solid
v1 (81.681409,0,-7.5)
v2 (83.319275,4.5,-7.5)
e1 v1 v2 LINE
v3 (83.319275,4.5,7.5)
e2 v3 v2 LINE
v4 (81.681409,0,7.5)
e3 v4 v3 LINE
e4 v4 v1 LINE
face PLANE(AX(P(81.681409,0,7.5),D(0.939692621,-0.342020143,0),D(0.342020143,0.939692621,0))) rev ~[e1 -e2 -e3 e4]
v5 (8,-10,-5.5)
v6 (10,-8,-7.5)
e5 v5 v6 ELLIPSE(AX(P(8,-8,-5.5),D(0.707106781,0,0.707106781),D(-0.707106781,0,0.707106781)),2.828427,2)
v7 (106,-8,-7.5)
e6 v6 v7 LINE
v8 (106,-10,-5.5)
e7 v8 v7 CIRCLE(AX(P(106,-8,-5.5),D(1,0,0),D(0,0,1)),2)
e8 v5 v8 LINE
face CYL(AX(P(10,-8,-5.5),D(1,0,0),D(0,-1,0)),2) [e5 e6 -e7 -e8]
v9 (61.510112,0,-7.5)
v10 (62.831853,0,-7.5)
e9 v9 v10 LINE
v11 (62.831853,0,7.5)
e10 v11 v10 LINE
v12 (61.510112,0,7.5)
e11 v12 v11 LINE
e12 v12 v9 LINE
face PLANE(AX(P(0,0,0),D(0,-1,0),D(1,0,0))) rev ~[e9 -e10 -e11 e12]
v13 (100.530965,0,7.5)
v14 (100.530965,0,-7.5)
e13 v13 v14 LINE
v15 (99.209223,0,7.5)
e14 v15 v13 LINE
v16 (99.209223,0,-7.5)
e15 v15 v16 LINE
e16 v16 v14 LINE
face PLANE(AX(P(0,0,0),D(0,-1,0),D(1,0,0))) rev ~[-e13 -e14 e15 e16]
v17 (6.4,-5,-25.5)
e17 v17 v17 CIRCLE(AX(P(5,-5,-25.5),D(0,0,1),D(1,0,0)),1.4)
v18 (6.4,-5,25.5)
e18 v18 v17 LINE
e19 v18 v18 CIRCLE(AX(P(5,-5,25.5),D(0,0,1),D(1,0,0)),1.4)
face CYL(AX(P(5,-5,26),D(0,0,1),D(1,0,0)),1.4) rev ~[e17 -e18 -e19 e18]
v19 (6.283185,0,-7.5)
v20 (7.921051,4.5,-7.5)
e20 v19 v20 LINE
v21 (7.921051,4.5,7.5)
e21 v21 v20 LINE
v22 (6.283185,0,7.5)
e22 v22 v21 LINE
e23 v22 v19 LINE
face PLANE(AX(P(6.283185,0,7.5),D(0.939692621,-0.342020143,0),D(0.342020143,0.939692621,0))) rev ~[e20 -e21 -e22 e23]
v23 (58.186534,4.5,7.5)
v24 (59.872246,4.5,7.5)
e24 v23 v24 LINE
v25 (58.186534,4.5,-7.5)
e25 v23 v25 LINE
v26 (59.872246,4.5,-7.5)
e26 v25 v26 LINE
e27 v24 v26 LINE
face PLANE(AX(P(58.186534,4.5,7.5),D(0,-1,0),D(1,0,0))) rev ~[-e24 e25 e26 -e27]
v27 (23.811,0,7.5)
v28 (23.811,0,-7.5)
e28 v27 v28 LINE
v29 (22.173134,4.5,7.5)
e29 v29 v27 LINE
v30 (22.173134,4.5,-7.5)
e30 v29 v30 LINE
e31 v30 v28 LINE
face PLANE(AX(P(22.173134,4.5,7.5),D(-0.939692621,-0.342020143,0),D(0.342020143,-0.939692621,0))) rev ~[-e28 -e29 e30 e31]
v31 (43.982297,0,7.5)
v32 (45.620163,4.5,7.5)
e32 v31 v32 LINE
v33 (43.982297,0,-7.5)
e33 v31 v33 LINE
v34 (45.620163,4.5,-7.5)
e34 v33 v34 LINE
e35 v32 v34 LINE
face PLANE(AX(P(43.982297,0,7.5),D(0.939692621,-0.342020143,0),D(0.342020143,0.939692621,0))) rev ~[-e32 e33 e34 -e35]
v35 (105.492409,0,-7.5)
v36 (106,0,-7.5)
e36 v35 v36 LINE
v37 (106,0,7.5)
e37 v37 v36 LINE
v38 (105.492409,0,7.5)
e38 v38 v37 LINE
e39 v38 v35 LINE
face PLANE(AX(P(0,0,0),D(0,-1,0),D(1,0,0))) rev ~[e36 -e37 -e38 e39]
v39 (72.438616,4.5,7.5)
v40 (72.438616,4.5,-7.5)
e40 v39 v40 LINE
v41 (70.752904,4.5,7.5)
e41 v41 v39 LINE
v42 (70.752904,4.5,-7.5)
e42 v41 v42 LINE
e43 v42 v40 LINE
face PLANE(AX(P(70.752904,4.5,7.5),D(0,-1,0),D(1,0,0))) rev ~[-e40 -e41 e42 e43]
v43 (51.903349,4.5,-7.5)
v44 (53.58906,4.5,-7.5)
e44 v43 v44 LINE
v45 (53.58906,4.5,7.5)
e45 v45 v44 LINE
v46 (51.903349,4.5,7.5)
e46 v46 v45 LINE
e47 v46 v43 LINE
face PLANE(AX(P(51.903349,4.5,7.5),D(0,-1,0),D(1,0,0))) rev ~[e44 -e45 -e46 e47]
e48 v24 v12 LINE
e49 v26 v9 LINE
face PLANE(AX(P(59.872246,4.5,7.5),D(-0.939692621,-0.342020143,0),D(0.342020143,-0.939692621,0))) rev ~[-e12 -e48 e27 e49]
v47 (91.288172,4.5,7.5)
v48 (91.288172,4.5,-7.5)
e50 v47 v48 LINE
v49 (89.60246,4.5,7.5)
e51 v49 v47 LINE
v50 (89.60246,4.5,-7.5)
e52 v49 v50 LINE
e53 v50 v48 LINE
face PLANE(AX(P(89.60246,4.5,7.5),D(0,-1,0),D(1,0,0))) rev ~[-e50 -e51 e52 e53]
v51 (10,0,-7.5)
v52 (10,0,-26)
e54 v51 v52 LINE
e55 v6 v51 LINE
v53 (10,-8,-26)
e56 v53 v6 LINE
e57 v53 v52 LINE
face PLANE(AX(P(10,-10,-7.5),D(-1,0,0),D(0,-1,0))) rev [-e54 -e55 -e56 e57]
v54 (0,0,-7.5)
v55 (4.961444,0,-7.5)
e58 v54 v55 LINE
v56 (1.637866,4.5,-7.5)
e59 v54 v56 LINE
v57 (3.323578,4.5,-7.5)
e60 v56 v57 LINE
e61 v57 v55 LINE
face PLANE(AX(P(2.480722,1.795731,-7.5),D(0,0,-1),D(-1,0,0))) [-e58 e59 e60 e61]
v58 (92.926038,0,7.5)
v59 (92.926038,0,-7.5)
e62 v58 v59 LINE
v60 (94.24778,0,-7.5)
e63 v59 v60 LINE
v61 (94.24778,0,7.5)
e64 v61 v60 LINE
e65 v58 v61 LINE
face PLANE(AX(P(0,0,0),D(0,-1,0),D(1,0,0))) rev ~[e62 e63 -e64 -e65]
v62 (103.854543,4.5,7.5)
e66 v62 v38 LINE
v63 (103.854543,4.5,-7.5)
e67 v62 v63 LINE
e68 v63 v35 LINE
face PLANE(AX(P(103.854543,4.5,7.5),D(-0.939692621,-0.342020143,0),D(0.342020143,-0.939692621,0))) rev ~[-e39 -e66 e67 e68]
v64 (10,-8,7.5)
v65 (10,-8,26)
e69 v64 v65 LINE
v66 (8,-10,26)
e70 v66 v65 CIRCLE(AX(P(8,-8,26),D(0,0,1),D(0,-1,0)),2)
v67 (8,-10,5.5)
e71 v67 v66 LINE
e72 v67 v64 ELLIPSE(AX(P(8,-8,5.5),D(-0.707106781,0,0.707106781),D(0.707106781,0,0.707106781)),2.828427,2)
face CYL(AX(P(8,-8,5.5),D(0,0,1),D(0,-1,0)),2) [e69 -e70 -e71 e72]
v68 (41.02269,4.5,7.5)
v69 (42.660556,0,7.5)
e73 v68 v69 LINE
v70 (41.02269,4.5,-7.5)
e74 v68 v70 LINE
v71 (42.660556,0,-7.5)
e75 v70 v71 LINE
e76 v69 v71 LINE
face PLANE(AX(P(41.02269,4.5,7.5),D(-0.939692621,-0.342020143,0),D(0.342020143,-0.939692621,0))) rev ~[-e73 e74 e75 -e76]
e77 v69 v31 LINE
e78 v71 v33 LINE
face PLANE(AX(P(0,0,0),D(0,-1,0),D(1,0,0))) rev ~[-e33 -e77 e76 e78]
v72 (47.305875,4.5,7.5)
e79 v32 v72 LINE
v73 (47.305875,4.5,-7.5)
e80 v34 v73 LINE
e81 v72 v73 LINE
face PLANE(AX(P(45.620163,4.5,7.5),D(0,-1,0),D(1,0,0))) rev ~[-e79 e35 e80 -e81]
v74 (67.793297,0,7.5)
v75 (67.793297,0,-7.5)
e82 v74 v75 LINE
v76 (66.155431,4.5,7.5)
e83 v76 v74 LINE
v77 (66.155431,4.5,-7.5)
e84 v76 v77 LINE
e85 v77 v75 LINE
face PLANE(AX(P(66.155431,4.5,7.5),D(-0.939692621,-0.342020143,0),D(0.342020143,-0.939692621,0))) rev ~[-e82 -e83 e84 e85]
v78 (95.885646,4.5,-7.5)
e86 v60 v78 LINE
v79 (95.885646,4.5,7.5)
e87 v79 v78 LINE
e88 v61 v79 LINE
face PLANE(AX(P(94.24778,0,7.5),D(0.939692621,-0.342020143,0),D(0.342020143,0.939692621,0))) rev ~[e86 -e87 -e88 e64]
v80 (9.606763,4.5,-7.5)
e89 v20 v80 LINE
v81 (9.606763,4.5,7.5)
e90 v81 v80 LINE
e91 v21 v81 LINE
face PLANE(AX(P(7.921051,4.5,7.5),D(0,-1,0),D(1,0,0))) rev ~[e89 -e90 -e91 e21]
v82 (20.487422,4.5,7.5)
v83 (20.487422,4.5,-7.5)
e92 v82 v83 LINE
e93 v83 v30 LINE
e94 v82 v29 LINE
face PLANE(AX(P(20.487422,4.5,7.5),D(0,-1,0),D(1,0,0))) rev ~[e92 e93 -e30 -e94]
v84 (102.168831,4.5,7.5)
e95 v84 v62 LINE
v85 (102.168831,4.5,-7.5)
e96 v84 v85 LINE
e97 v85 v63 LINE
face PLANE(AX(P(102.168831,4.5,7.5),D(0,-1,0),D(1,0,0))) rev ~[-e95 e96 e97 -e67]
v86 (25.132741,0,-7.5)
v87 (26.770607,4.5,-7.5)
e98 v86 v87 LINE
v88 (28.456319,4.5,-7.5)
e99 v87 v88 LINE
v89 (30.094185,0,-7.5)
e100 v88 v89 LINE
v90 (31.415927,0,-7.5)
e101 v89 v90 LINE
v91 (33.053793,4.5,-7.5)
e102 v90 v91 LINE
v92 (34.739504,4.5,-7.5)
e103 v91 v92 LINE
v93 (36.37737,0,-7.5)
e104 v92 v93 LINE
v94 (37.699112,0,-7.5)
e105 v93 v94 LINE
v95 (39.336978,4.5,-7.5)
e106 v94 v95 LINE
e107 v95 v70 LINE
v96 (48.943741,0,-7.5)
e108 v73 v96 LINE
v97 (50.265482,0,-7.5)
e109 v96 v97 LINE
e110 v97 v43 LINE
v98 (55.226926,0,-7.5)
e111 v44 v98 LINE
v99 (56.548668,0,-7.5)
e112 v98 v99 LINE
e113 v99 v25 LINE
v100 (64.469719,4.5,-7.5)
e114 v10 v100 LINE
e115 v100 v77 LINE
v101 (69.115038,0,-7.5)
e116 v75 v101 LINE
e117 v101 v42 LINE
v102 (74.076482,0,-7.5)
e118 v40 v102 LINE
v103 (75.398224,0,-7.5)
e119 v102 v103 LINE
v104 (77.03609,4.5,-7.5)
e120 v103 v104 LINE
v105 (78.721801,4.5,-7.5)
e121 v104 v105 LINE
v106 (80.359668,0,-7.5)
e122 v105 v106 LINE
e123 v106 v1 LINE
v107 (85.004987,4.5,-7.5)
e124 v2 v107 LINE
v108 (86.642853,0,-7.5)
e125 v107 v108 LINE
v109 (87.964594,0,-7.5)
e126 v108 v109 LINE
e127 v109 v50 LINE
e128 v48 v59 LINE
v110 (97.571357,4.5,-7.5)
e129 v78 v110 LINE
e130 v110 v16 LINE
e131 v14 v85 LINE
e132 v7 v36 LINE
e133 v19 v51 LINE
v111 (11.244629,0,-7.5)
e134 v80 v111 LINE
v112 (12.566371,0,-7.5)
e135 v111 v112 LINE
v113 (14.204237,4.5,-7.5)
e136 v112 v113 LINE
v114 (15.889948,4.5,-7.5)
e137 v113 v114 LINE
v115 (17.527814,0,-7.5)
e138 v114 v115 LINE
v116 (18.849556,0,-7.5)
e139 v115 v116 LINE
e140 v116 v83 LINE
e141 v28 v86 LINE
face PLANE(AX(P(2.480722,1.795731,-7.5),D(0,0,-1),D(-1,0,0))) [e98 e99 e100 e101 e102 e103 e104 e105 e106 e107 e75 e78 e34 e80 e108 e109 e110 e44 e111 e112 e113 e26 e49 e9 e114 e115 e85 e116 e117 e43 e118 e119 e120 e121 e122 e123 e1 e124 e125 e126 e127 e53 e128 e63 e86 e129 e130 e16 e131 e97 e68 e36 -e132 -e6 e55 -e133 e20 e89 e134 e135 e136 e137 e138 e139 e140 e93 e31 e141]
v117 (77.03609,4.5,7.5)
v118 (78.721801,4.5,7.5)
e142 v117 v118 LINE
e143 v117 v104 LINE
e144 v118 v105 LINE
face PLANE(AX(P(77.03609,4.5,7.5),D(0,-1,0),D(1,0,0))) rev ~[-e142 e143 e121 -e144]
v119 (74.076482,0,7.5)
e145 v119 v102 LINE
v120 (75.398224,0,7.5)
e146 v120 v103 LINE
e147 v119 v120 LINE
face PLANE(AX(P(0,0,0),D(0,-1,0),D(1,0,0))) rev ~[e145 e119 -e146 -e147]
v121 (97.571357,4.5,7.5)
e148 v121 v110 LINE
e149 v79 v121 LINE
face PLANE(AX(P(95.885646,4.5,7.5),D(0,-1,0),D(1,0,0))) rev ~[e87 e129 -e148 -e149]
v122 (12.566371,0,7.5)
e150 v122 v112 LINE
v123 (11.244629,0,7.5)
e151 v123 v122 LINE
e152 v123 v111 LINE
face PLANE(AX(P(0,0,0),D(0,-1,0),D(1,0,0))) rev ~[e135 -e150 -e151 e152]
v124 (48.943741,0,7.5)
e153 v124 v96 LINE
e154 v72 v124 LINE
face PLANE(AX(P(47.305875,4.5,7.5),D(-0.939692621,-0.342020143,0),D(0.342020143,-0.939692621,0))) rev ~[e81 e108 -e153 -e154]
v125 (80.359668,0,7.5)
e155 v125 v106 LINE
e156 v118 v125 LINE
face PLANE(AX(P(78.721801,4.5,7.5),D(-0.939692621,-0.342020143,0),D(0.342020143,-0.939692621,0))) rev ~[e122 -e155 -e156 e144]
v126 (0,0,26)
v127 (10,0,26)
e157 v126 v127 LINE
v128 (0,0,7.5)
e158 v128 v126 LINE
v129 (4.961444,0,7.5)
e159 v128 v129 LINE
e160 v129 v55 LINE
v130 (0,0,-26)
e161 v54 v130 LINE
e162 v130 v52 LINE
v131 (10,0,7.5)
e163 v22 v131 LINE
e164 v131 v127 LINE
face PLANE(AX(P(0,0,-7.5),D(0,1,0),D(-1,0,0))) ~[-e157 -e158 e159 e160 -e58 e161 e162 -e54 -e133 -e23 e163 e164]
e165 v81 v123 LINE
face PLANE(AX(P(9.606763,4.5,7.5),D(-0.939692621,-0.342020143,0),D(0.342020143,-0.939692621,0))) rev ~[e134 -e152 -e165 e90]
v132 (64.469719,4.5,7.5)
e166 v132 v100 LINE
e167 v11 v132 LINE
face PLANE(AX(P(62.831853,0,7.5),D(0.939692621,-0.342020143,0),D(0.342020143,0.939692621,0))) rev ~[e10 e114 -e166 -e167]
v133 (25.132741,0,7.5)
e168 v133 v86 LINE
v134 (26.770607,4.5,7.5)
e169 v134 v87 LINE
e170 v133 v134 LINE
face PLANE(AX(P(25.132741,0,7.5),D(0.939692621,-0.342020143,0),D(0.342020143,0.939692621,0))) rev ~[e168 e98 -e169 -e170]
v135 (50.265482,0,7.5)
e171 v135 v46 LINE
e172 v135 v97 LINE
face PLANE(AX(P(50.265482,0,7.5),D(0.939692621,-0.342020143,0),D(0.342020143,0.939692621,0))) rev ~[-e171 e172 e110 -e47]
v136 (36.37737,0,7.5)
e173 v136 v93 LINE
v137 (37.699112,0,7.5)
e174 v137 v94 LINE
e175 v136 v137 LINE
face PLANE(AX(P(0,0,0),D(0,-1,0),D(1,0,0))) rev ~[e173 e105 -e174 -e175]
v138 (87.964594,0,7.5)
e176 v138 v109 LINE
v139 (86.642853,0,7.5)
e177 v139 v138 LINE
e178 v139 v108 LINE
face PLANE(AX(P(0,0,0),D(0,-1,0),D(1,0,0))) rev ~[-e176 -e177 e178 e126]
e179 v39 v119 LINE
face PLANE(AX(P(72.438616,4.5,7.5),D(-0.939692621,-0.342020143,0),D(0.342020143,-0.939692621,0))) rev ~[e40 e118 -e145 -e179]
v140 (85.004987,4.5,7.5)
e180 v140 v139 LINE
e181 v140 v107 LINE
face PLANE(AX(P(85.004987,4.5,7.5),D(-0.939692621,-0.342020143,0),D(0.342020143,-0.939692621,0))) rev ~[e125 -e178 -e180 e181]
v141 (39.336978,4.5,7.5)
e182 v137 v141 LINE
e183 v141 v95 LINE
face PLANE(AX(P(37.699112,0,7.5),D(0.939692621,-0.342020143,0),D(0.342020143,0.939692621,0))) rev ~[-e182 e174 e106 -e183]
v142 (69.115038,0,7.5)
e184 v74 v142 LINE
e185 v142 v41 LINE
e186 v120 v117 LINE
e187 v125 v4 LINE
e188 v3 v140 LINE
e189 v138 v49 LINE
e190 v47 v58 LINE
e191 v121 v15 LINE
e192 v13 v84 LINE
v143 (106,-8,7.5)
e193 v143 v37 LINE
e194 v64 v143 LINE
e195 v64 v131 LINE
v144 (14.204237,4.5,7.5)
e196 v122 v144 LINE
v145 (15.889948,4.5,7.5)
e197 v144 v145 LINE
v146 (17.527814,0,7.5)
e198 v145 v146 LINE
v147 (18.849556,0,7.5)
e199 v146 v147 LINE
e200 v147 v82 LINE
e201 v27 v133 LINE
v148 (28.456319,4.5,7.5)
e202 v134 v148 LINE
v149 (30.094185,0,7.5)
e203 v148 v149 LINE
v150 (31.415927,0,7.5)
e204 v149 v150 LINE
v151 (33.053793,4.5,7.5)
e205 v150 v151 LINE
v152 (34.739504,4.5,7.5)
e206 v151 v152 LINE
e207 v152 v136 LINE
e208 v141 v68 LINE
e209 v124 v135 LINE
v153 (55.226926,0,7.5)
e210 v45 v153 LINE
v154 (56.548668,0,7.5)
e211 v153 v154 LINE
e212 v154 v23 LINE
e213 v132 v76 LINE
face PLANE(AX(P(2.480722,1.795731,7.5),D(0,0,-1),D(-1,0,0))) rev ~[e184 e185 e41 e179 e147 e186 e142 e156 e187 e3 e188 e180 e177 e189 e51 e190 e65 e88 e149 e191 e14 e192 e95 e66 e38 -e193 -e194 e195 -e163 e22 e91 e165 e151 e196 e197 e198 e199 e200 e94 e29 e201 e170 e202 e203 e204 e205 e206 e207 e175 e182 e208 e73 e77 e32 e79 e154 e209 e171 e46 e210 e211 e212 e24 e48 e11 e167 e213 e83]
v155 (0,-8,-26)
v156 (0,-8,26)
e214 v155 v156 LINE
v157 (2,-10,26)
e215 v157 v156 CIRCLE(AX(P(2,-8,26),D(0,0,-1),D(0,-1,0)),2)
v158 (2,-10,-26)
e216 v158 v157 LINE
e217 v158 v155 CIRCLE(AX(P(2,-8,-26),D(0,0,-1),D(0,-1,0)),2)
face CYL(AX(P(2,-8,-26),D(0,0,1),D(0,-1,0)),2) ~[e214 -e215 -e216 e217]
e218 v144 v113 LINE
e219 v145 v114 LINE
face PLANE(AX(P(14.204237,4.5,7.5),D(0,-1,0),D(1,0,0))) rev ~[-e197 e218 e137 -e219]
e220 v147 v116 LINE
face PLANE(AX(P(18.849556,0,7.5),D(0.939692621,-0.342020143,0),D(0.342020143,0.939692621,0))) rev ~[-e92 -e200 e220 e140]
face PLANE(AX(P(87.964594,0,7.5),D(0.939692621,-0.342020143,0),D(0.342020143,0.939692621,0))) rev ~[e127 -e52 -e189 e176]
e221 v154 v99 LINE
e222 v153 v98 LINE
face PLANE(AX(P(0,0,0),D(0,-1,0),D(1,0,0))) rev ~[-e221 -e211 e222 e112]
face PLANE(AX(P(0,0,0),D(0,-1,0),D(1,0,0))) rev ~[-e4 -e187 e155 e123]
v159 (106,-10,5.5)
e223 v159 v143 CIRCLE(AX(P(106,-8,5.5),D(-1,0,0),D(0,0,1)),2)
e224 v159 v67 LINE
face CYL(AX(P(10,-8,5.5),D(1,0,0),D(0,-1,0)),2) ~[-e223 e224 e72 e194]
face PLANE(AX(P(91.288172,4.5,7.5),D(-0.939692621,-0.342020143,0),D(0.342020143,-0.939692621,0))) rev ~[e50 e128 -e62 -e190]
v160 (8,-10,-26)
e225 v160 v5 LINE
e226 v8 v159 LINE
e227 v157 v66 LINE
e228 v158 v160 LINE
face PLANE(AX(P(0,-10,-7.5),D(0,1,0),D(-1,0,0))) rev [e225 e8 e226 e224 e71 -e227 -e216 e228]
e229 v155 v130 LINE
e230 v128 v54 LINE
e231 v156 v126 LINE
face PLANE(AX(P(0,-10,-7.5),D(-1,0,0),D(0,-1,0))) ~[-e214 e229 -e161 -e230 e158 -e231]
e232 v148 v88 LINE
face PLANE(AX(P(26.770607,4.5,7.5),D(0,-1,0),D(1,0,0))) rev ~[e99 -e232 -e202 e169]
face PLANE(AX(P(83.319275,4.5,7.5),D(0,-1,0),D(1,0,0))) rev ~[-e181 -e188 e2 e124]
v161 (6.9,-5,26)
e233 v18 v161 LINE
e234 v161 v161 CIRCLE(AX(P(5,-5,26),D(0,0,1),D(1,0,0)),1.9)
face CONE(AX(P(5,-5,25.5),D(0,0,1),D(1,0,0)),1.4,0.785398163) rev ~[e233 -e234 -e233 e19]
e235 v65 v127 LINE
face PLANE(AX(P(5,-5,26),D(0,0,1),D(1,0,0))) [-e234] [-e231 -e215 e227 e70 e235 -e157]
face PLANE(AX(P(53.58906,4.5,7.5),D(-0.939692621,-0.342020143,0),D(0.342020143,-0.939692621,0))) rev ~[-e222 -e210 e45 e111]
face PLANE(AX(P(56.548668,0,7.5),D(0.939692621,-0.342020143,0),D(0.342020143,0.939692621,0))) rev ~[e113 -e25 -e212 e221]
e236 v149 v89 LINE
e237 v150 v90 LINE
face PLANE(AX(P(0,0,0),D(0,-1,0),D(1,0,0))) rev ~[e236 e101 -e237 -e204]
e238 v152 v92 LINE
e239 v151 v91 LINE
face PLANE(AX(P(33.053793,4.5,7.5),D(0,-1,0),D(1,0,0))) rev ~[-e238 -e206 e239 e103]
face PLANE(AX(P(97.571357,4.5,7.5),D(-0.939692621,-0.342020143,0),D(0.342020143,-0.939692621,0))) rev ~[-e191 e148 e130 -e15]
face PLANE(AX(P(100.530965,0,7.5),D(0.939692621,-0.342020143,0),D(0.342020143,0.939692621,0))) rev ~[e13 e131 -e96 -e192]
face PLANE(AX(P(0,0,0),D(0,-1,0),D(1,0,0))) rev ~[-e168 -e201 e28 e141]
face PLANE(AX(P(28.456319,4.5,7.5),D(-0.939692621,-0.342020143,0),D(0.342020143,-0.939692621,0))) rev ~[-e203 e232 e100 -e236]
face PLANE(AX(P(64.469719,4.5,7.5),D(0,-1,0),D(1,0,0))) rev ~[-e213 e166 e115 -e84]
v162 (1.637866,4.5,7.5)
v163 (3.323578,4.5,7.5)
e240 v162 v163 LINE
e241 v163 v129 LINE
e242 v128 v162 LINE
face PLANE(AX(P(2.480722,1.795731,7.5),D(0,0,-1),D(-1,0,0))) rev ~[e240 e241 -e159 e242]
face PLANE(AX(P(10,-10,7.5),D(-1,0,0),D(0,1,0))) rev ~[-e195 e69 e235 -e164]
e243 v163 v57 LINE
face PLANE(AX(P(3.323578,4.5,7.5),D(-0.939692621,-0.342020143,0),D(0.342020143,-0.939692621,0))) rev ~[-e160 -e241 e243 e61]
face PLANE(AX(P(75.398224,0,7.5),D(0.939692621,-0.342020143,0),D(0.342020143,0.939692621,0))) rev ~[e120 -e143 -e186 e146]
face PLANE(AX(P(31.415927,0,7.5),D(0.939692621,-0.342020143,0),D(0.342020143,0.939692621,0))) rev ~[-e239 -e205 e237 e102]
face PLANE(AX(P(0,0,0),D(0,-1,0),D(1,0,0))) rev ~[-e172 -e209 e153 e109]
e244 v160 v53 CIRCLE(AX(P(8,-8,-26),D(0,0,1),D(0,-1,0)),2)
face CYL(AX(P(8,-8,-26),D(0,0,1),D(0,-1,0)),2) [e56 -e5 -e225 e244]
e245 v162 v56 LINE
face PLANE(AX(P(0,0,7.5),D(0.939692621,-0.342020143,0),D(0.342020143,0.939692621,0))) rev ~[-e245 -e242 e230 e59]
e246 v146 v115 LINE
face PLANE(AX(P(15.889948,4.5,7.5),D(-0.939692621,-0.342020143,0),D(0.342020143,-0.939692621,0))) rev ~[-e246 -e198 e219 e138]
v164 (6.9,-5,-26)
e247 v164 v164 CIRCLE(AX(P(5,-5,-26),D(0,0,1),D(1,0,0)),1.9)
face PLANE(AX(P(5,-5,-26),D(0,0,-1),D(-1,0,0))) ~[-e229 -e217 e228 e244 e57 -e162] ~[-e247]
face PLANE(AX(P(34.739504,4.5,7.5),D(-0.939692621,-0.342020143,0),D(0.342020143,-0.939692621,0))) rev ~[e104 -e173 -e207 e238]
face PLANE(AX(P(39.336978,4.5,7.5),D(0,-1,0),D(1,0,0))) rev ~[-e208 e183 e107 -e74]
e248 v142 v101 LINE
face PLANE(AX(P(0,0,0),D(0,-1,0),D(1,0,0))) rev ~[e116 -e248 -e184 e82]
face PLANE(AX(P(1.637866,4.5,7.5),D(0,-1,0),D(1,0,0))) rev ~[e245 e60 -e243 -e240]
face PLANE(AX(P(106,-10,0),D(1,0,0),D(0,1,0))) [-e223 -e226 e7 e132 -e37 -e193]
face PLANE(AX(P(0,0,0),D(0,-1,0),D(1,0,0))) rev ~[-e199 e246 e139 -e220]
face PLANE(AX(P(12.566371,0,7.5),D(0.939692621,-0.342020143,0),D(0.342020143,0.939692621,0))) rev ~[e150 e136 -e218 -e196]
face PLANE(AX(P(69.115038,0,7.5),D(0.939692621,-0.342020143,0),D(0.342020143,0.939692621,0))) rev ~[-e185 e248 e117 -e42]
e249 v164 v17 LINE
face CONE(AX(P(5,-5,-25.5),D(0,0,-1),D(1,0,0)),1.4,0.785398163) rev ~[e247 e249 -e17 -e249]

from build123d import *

# Parameters (mm, degrees)
SKETCH_1_W             = 106
SKETCH_1_H             = 10
EXTRUDE_1_DEPTH        = 7.5
EXTRUDE_2_DEPTH        = 15
PATTERN_LINEAR_1_COUNT = 17
PATTERN_LINEAR_1_PITCH = 6.283185307
SKETCH_3_W             = 10
SKETCH_3_H             = 10
EXTRUDE_1_2_DEPTH      = 18.5
SKETCH_4_R             = 1.4
CUT_EXTRUDE_1_DEPTH    = 119.490505949
FILLET_2_R             = 2
FILLET_3_R             = 2
CHAMFER_1_SIZE         = 0.5


with BuildPart() as part:
    # 草图1 → Extrude 1 (new, symmetric)
    with BuildSketch(Plane.XY):
        with Locations((53, -5)):
            Rectangle(SKETCH_1_W, SKETCH_1_H)
    extrude(amount=EXTRUDE_1_DEPTH, both=True)

    # 草图2 → 拉伸2 (add)
    with BuildSketch(Plane.XY.offset(7.5)):
        Polygon((0, 0), (1.637866054, 4.5), (3.323577771, 4.5), (4.961443825, 0), align=None)
    extrude_2 = extrude(amount=-EXTRUDE_2_DEPTH)

    # 阵列(线性)1: 拉伸2 ×17
    with Locations(*[(i * PATTERN_LINEAR_1_PITCH, 0, 0) for i in range(1, PATTERN_LINEAR_1_COUNT)]):
        add(extrude_2)

    # 草图3 → Extrude 1 2 (add)
    with BuildSketch(Plane.XY.offset(7.5)):
        with Locations((5, -5)):
            Rectangle(SKETCH_3_W, SKETCH_3_H)
    extrude_1_2 = extrude(amount=EXTRUDE_1_2_DEPTH)

    # 镜向1: Extrude 1 2 across plane
    add(extrude_1_2.mirror(Plane.XY))

    # 草图4 → 切除-拉伸1 (cut, through all)
    with BuildSketch(Plane.XY.offset(26)):
        with Locations((5, -5)):
            Circle(SKETCH_4_R)
    extrude(amount=-CUT_EXTRUDE_1_DEPTH, mode=Mode.SUBTRACT)

    # 圆角2
    fillet_2_edges = [part.edges().sort_by_distance(p)[0] for p in [
        (58, -10, 7.5),
        (58, -10, -7.5),
    ]]
    fillet(fillet_2_edges, radius=FILLET_2_R)

    # 圆角3
    fillet_3_edges = [part.edges().sort_by_distance(p)[0] for p in [
        (10, -10, 15.75),
        (10, -10, -15.75),
        (0, -10, 0),
    ]]
    fillet(fillet_3_edges, radius=FILLET_3_R)

    # 倒角1
    chamfer_1_edges = [part.edges().sort_by_distance(p)[0] for p in [
        (3.6, -5, -26),
        (3.6, -5, 26),
    ]]
    chamfer(chamfer_1_edges, length=CHAMFER_1_SIZE)


solid = part.part
